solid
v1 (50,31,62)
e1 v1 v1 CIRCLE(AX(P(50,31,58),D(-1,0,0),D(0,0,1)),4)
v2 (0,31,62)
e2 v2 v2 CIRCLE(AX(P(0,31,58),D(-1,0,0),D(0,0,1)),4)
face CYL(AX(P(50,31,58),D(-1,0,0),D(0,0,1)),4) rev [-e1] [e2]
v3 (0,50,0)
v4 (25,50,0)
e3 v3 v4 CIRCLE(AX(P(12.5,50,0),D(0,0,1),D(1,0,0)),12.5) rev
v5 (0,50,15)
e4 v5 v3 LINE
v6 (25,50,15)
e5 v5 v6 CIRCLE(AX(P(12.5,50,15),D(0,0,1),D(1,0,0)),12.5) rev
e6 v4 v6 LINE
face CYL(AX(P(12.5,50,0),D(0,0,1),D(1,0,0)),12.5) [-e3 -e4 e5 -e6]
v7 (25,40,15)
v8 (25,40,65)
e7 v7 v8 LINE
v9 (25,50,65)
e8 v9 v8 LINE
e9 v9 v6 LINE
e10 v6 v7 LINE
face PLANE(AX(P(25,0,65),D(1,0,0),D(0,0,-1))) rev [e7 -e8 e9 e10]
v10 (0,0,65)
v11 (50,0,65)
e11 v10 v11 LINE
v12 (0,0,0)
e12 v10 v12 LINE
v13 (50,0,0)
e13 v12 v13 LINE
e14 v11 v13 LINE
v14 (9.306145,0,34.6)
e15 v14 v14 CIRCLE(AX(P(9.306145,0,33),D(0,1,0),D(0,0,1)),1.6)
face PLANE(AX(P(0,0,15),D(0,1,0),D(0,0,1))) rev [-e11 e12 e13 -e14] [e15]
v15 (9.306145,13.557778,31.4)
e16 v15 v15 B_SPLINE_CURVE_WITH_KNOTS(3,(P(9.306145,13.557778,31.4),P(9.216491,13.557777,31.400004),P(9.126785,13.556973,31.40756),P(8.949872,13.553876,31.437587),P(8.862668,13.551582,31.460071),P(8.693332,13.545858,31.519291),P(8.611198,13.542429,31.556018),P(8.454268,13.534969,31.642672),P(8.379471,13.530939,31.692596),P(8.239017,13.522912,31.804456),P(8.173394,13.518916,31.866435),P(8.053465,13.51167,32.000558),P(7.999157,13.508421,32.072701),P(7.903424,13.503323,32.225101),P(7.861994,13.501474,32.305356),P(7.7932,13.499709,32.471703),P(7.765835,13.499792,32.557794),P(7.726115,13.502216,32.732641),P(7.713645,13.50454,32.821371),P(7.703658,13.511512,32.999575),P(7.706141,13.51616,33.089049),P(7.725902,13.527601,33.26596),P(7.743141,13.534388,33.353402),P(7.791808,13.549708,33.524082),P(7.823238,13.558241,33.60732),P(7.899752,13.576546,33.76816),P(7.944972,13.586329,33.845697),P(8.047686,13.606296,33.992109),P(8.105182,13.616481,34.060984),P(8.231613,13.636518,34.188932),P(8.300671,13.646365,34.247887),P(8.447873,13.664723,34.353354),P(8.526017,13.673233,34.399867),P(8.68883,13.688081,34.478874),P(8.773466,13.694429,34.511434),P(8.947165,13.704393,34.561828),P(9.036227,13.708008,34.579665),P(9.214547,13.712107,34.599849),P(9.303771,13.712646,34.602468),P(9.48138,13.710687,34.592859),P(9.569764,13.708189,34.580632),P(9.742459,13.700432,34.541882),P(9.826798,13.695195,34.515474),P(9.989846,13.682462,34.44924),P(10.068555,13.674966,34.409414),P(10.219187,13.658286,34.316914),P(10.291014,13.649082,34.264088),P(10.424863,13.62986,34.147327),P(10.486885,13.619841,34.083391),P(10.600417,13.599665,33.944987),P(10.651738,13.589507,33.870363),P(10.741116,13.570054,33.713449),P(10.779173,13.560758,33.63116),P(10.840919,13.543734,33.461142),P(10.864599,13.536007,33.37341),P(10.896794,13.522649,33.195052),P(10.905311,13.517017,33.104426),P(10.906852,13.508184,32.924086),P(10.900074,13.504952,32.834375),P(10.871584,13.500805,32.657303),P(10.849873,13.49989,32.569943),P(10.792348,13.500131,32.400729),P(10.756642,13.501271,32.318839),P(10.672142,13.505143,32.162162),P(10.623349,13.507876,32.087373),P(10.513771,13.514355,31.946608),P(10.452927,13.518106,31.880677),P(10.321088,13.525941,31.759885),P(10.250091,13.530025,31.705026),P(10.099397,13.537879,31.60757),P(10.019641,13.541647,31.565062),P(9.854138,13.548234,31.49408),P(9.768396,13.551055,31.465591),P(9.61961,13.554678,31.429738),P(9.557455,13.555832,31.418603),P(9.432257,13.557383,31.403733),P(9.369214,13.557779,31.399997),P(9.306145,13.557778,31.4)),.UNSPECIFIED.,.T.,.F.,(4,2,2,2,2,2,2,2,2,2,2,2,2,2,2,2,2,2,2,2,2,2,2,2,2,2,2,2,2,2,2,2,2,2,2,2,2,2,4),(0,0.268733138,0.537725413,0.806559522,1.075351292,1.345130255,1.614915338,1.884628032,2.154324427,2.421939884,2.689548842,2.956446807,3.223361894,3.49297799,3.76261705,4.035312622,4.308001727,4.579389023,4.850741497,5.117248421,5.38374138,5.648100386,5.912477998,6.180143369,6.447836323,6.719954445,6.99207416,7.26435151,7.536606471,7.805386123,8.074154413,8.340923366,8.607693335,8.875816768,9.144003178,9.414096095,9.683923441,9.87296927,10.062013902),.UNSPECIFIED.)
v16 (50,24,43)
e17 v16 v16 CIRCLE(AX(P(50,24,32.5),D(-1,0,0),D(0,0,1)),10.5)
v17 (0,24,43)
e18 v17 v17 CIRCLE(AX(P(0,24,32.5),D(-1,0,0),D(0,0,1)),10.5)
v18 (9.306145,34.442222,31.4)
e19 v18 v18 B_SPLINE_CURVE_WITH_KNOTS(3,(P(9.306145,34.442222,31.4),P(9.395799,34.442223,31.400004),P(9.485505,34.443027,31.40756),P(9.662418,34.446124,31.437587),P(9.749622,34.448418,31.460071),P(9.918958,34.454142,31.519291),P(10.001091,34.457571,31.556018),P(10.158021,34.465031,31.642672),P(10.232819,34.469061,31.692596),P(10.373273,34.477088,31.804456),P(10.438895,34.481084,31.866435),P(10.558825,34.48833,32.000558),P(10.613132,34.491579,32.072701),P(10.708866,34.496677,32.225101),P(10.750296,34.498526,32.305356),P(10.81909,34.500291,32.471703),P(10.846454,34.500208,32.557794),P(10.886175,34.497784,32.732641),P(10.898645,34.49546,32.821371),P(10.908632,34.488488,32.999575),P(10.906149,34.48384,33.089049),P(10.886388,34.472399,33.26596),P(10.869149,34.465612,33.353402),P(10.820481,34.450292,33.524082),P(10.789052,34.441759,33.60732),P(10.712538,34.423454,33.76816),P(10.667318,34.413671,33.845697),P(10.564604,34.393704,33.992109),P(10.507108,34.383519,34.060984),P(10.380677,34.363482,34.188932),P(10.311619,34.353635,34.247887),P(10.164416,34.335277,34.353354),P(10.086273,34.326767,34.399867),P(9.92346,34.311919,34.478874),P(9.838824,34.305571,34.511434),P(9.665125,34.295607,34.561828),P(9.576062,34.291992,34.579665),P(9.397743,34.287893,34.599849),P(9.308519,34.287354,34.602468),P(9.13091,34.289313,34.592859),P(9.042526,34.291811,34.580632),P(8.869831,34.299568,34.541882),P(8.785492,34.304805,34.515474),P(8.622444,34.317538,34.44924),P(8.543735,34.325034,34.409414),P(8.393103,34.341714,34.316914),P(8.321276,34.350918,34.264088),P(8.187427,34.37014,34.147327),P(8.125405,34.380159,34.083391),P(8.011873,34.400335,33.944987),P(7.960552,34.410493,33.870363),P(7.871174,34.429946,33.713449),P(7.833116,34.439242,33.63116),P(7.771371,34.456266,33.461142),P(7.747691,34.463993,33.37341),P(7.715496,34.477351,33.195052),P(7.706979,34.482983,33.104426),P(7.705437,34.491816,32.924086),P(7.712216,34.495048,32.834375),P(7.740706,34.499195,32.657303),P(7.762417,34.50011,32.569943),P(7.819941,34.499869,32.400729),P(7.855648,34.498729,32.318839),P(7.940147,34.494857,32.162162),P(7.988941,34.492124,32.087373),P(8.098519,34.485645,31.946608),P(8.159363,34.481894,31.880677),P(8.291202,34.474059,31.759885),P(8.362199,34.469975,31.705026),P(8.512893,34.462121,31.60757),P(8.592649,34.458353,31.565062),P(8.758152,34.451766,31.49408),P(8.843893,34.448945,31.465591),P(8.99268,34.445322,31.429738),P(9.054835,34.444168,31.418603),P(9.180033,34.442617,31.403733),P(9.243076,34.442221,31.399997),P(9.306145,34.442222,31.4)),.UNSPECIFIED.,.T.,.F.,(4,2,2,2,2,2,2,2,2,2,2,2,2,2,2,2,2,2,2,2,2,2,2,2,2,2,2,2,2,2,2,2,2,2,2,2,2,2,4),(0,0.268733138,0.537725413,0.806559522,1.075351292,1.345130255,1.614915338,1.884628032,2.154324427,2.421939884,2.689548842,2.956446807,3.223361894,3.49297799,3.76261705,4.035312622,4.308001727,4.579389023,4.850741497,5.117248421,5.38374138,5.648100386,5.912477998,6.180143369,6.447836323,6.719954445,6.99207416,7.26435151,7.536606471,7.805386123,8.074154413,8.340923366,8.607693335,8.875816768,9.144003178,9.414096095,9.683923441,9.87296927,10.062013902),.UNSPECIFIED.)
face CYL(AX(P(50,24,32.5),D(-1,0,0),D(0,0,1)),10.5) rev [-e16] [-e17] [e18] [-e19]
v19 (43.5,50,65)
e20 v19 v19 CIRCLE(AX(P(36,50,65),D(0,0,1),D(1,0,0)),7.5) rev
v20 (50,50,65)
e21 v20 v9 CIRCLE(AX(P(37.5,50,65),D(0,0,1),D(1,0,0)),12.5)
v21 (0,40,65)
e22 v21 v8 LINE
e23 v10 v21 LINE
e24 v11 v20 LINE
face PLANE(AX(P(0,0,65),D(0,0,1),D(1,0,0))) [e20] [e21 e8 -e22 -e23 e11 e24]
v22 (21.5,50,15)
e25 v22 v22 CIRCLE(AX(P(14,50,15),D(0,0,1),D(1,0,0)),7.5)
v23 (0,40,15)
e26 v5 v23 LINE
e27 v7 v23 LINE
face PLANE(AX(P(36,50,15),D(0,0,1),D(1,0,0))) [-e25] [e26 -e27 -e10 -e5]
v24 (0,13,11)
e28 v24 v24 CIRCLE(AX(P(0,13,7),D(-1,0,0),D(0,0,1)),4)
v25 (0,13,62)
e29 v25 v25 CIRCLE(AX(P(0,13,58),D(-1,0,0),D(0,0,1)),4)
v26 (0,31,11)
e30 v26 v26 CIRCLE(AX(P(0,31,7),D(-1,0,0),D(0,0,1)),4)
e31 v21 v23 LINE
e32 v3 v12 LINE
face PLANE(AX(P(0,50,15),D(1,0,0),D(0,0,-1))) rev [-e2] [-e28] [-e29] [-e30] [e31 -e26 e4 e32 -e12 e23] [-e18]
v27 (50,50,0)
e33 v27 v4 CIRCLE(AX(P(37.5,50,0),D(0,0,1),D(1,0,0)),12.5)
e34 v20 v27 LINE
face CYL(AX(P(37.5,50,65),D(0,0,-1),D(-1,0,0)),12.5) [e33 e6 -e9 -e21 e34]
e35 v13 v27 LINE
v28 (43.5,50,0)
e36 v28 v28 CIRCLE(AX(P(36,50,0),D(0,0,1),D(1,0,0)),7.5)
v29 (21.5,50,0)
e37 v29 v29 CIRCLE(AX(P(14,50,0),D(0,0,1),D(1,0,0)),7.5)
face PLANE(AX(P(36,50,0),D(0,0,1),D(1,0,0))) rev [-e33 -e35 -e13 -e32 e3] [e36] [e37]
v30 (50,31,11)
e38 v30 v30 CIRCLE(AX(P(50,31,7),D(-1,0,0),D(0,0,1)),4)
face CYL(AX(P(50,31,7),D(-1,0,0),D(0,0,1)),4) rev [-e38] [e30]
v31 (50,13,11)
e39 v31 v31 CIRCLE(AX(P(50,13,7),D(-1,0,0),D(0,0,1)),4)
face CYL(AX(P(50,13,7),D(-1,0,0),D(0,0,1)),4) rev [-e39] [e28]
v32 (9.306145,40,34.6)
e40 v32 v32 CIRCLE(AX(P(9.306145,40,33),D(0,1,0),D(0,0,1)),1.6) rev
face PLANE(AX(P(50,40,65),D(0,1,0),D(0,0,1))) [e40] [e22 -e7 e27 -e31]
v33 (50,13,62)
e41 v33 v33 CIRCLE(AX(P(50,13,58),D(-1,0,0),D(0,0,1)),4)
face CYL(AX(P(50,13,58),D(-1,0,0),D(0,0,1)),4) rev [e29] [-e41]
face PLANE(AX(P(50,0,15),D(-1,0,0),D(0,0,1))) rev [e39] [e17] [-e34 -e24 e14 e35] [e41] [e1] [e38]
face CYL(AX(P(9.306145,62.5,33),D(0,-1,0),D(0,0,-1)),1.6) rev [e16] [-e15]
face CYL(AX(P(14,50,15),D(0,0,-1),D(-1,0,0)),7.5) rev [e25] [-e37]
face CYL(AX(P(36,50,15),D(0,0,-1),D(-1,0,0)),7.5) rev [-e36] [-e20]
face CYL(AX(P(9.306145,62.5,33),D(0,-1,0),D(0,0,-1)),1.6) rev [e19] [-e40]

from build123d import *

# Parameters (mm, degrees)
SKETCH1_R               = 7.5
BOSS_EXTRUDE1_DEPTH     = 15
SKETCH2_R               = 7.5
BOSS_EXTRUDE2_DEPTH     = 50
SKETCH3_W               = 50
SKETCH3_H               = 40
BOSS_EXTRUDE3_DEPTH     = 65
CUT_EXTRUDE2_DEPTH      = 96.372952141
SKETCH9_R               = 4
SKETCH9_R_2             = 10.5
CUT_EXTRUDE3_DEPTH      = 104.107953137
CUT_EXTRUDE4_DEPTH      = 92.241437954
CUT_EXTRUDE4_DEPTH_BACK = 92.241437954
SKETCH10_R              = 1.6


with BuildPart() as part:
    # Sketch1 → Boss-Extrude1 (new body)
    with BuildSketch(Plane.XY):
        with BuildLine():
            Line((0, 0), (50, 0))
            Line((50, 0), (50, 50))
            ThreePointArc((50, 50), (40.582575695, 63.228756555), (25, 58.660254038))
            ThreePointArc((25, 58.660254038), (9.417424305, 63.228756555), (0, 50))
            Line((0, 50), (0, 0))
        make_face()
        with Locations((36, 50)):
            Circle(SKETCH1_R, mode=Mode.SUBTRACT)
        with Locations((14, 50)):
            Circle(SKETCH1_R, mode=Mode.SUBTRACT)
    extrude(amount=BOSS_EXTRUDE1_DEPTH)

    # Sketch2 → Boss-Extrude2 (add)
    with BuildSketch(Plane.XY.offset(15)):
        with BuildLine():
            Line((25, 50), (25, 0))
            Line((25, 0), (50, 0))
            Line((50, 0), (50, 50))
            ThreePointArc((50, 50), (37.5, 62.5), (25, 50))
        make_face()
        with Locations((36, 50)):
            Circle(SKETCH2_R, mode=Mode.SUBTRACT)
    extrude(amount=BOSS_EXTRUDE2_DEPTH)

    # Sketch3 → Boss-Extrude3 (add)
    with BuildSketch(Plane(origin=(0, 0, 0), x_dir=(-1, 0, 0), z_dir=(0, 0, -1))):
        with Locations((-25, 20)):
            Rectangle(SKETCH3_W, SKETCH3_H)
    extrude(amount=-BOSS_EXTRUDE3_DEPTH)

    # Sketch2<3> → Cut-Extrude2 (cut, through all)
    with BuildSketch(Plane.XY.offset(15)):
        with BuildLine():
            ThreePointArc((25, 58.660254038), (9.417424305, 63.228756555), (0, 50))
            ThreePointArc((0, 50), (12.5, 62.5), (25, 50))
            ThreePointArc((25, 50), (37.5, 62.5), (50, 50))
            ThreePointArc((50, 50), (40.582575695, 63.228756555), (25, 58.660254038))
        make_face()
    extrude(amount=-CUT_EXTRUDE2_DEPTH, mode=Mode.SUBTRACT)

    # Sketch9 → Cut-Extrude3 (cut, through all)
    with BuildSketch(Plane.ZY):
        with Locations((7, 13)):
            Circle(SKETCH9_R)
        with Locations((58, 13)):
            Circle(SKETCH9_R)
        with Locations((58, 31)):
            Circle(SKETCH9_R)
        with Locations((7, 31)):
            Circle(SKETCH9_R)
        with Locations((32.5, 24)):
            Circle(SKETCH9_R_2)
    extrude(amount=-CUT_EXTRUDE3_DEPTH, mode=Mode.SUBTRACT)

    # Sketch10 → Cut-Extrude4 (cut, two sides: drawn at the far end of the back side and taken through both)
    with BuildSketch(Plane(origin=(0, 40, 0), x_dir=(1, 0, 0), z_dir=(0, 1, 0)).offset(-CUT_EXTRUDE4_DEPTH_BACK)):
        with Locations((9.306144925, -33)):
            Circle(SKETCH10_R)
    extrude(amount=CUT_EXTRUDE4_DEPTH + CUT_EXTRUDE4_DEPTH_BACK, mode=Mode.SUBTRACT)


solid = part.part
